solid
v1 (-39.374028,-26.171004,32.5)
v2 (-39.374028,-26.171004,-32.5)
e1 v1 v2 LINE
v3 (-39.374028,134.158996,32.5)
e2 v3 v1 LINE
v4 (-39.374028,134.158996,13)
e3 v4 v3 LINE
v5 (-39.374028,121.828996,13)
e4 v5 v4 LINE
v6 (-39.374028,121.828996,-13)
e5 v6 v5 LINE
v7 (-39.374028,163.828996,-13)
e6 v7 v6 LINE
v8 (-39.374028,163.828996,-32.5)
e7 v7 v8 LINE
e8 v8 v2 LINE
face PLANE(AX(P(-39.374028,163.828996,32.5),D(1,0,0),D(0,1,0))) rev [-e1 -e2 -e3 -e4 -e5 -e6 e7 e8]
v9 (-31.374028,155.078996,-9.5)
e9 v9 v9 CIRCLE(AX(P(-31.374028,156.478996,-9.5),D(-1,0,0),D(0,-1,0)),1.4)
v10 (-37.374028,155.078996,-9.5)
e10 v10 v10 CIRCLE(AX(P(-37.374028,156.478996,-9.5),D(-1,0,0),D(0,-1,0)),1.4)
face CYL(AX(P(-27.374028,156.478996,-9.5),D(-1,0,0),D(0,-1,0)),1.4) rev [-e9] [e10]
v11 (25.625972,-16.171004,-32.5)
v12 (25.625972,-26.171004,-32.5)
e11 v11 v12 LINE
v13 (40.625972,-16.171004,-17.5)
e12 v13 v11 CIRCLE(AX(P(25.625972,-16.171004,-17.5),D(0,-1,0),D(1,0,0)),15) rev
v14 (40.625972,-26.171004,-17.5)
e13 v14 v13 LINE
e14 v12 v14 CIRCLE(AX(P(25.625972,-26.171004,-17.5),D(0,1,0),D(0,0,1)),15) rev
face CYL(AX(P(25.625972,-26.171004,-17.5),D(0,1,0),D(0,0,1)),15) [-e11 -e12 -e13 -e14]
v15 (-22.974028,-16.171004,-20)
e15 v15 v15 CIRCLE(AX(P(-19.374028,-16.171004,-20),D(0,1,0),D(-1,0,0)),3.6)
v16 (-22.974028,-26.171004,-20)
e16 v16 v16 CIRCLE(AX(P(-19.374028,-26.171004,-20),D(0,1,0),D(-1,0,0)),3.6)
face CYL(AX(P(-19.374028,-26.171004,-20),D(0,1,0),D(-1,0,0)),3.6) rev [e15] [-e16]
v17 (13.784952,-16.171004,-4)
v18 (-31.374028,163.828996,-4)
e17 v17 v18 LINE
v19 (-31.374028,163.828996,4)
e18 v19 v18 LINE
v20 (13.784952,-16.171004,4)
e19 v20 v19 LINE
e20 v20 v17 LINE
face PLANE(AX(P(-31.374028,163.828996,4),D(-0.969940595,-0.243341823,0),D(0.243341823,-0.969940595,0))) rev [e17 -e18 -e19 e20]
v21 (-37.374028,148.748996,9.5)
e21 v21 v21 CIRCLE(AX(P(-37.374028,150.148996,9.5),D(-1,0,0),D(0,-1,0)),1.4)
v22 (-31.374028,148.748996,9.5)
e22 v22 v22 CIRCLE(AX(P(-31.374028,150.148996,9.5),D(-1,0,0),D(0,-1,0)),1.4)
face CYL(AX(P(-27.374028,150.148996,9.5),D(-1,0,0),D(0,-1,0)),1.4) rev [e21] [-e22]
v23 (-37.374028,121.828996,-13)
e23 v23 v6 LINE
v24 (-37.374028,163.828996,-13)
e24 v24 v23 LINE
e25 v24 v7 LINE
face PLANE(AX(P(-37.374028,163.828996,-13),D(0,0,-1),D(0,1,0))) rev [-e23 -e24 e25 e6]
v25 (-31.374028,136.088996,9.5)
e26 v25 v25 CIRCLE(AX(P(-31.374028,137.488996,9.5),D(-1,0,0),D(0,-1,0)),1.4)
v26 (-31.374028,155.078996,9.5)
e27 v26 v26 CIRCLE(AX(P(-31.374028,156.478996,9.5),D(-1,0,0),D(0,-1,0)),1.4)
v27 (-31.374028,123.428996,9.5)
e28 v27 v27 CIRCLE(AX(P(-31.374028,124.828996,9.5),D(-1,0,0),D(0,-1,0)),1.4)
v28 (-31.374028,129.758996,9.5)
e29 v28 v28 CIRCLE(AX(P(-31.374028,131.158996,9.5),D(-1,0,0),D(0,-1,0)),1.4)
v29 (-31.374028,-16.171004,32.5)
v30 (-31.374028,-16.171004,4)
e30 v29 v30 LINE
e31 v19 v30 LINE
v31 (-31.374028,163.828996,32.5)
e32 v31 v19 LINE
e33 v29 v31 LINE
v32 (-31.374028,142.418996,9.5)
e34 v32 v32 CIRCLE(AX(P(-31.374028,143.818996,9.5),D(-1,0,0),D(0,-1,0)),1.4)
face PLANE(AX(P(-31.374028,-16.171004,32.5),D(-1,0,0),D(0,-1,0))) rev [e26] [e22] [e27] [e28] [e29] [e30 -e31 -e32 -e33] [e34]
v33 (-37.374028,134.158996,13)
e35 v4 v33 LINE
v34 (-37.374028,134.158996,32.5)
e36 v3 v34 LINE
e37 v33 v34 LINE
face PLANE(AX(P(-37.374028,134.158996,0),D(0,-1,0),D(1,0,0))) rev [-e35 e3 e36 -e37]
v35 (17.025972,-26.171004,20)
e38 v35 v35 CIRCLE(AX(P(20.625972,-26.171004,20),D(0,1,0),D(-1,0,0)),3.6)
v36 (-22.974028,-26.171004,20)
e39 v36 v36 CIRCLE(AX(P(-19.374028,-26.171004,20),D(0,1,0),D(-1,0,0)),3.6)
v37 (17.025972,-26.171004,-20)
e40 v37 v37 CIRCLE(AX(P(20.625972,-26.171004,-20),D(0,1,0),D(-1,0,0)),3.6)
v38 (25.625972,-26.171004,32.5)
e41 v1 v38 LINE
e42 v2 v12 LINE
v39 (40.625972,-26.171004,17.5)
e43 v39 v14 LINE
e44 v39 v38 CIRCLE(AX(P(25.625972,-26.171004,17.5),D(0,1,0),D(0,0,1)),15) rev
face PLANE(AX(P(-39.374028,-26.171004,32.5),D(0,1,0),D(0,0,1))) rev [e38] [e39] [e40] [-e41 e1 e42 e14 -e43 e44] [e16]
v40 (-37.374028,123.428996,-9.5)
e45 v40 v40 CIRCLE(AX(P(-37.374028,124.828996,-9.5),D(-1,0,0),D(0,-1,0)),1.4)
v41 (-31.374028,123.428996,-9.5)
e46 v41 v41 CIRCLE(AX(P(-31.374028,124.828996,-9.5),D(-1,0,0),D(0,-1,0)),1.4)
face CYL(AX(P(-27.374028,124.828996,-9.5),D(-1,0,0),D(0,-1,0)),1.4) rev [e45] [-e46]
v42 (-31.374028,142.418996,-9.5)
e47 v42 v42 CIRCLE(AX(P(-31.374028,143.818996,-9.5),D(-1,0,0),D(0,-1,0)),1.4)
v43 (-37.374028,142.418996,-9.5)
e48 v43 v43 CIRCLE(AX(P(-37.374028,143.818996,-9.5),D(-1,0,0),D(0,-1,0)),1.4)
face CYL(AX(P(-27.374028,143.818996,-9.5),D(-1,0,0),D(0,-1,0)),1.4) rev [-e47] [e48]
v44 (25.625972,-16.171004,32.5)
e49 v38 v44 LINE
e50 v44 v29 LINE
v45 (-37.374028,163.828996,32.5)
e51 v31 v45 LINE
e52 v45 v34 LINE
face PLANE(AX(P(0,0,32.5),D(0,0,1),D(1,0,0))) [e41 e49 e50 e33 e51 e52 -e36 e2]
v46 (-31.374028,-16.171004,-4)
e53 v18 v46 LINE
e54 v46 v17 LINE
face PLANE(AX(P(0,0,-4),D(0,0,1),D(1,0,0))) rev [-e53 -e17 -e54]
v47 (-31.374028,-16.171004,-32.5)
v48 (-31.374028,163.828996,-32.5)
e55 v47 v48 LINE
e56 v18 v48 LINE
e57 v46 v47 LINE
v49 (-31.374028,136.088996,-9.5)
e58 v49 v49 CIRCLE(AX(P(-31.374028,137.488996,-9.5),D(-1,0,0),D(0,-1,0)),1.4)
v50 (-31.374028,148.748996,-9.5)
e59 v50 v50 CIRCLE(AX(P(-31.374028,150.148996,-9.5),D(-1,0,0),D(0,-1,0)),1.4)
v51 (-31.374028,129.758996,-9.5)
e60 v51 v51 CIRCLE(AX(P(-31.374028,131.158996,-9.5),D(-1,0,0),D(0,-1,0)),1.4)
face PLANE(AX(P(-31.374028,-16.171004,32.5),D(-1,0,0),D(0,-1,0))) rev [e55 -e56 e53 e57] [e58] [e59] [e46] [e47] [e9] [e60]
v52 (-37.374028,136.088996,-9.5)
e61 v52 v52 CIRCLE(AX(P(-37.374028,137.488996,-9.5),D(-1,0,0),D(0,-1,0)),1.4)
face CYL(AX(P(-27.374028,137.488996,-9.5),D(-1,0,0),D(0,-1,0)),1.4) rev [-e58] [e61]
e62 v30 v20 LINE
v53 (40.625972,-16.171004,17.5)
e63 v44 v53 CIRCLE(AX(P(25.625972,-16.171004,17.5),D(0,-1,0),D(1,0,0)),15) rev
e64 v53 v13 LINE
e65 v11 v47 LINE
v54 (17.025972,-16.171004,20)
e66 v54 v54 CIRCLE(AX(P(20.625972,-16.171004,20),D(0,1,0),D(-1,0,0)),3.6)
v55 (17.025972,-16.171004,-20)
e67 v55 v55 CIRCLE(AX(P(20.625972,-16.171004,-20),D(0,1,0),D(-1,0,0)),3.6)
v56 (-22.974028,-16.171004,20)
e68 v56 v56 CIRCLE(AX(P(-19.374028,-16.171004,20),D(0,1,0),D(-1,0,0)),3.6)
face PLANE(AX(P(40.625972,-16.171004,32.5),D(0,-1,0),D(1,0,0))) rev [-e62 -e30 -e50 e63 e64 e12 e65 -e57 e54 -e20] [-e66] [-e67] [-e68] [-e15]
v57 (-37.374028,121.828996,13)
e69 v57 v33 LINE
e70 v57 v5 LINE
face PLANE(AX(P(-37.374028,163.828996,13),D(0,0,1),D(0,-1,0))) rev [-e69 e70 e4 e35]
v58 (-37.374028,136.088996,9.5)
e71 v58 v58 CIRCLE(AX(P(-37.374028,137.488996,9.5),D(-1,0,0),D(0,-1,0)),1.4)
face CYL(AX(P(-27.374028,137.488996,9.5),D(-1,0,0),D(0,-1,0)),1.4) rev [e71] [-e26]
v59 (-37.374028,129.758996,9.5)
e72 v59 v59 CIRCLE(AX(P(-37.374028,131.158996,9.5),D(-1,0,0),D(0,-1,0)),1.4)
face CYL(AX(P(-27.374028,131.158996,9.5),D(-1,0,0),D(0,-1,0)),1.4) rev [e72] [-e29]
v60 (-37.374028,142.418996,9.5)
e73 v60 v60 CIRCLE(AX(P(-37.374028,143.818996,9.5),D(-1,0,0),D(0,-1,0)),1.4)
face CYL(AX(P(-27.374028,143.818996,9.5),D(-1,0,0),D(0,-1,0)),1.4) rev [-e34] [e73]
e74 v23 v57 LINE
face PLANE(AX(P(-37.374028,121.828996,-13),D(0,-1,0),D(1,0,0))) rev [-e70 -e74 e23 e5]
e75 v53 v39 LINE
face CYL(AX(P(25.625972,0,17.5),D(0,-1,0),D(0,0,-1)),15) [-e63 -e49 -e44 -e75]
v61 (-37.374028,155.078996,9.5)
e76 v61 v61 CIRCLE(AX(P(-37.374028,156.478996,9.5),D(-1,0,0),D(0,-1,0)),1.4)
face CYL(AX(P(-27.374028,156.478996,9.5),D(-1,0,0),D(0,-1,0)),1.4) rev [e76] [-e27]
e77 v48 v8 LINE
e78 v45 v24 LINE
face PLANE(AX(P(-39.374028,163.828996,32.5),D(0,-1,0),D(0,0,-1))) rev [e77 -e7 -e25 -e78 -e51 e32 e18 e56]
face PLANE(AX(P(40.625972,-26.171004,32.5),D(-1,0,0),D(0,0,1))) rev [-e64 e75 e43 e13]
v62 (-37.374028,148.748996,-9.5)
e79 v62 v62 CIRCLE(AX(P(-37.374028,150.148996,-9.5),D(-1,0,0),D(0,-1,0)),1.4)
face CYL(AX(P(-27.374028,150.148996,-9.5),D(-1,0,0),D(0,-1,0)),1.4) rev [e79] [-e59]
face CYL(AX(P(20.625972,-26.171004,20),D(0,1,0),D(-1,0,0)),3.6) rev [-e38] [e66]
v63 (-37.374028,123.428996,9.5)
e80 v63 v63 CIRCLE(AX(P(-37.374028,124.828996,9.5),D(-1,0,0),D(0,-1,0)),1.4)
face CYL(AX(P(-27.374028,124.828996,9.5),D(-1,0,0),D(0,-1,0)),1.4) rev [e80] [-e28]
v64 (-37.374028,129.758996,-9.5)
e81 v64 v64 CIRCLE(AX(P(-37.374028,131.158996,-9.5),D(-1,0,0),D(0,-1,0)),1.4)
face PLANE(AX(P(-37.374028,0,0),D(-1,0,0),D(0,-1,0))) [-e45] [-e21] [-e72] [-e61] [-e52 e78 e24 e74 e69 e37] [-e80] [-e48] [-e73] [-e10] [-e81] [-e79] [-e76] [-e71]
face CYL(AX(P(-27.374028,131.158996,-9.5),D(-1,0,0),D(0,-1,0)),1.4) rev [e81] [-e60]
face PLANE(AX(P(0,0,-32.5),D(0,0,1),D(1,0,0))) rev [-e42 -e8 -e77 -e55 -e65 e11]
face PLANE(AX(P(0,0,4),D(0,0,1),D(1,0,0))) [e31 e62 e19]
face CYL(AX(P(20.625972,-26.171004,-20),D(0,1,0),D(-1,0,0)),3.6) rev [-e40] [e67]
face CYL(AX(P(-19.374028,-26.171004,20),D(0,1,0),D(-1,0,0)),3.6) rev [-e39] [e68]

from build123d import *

# Parameters (mm, degrees)
AUFSATZ_LINEAR_AUSTRAGEN1_DEPTH = 32.5
AUFSATZ_LINEAR_AUSTRAGEN2_DEPTH = 4
SKIZZE4_W                       = 26
SKIZZE4_H                       = 42
SCHNITT_LINEAR_AUSTRAGEN1_DEPTH = 2
SKIZZE5_R                       = 1.4
SCHNITT_LINEAR_AUSTRAGEN2_DEPTH = 10
SKIZZE6_W                       = 34.028268395
SKIZZE6_H                       = 30
SCHNITT_LINEAR_AUSTRAGEN3_DEPTH = 2
SKIZZE7_R                       = 3.6
SCHNITT_LINEAR_AUSTRAGEN4_DEPTH = 10
VERRUNDUNG1_R                   = 15


with BuildPart() as part:
    # Skizze1 → Aufsatz-Linear austragen1 (new, symmetric)
    with BuildSketch(Plane.XY):
        Polygon((-39.374028295, 163.828996283), (-39.374028295, -26.171003717), (40.625971705, -26.171003717), (40.625971705, -16.171003717), (-31.374028295, -16.171003717), (-31.374028295, 163.828996283), align=None)
    extrude(amount=AUFSATZ_LINEAR_AUSTRAGEN1_DEPTH, both=True)

    # Skizze2 → Aufsatz-Linear austragen2 (add, symmetric)
    with BuildSketch(Plane.XY):
        Polygon((-31.374028295, 163.828996283), (13.784951867, -16.171003717), (-31.374028295, -16.171003717), align=None)
    extrude(amount=AUFSATZ_LINEAR_AUSTRAGEN2_DEPTH, both=True)

    # Skizze4 → Schnitt-Linear austragen1 (cut)
    with BuildSketch(Plane.ZY.offset(39.374028295)):
        with Locations((0, 142.828996283)):
            Rectangle(SKIZZE4_W, SKIZZE4_H)
    extrude(amount=-SCHNITT_LINEAR_AUSTRAGEN1_DEPTH, mode=Mode.SUBTRACT)

    # Skizze5 → Schnitt-Linear austragen2 (cut)
    with BuildSketch(Plane.ZY.offset(37.374028295)):
        with Locations(Location((-9.5, 124.828996283, 0), (0, 0, 270))):
            Circle(SKIZZE5_R)
        with Locations(Location((9.5, 124.828996283, 0), (0, 0, 270))):
            Circle(SKIZZE5_R)
        with Locations(Location((-9.5, 131.158996283, 0), (0, 0, 270))):
            Circle(SKIZZE5_R)
        with Locations(Location((9.5, 131.158996283, 0), (0, 0, 270))):
            Circle(SKIZZE5_R)
        with Locations(Location((-9.5, 137.488996283, 0), (0, 0, 270))):
            Circle(SKIZZE5_R)
        with Locations(Location((9.5, 137.488996283, 0), (0, 0, 270))):
            Circle(SKIZZE5_R)
        with Locations(Location((-9.5, 143.818996283, 0), (0, 0, 270))):
            Circle(SKIZZE5_R)
        with Locations(Location((9.5, 143.818996283, 0), (0, 0, 270))):
            Circle(SKIZZE5_R)
        with Locations(Location((-9.5, 150.148996283, 0), (0, 0, 270))):
            Circle(SKIZZE5_R)
        with Locations(Location((9.5, 150.148996283, 0), (0, 0, 270))):
            Circle(SKIZZE5_R)
        with Locations(Location((-9.5, 156.478996283, 0), (0, 0, 270))):
            Circle(SKIZZE5_R)
        with Locations(Location((9.5, 156.478996283, 0), (0, 0, 270))):
            Circle(SKIZZE5_R)
    extrude(amount=-SCHNITT_LINEAR_AUSTRAGEN2_DEPTH, mode=Mode.SUBTRACT)

    # Skizze6 → Schnitt-Linear austragen3 (cut)
    with BuildSketch(Plane.ZY.offset(39.374028295)):
        with Locations((17.014134198, 149.158996283)):
            Rectangle(SKIZZE6_W, SKIZZE6_H)
    extrude(amount=-SCHNITT_LINEAR_AUSTRAGEN3_DEPTH, mode=Mode.SUBTRACT)

    # Skizze7 → Schnitt-Linear austragen4 (cut)
    with BuildSketch(Plane(origin=(0, -16.171003717, 0), x_dir=(1, 0, 0), z_dir=(0, 1, 0))):
        with Locations(Location((20.625971705, 20, 0), (0, 0, 180))):
            Circle(SKIZZE7_R)
        with Locations(Location((20.625971705, -20, 0), (0, 0, 180))):
            Circle(SKIZZE7_R)
        with Locations(Location((-19.374028295, 20, 0), (0, 0, 180))):
            Circle(SKIZZE7_R)
        with Locations(Location((-19.374028295, -20, 0), (0, 0, 180))):
            Circle(SKIZZE7_R)
    extrude(amount=-SCHNITT_LINEAR_AUSTRAGEN4_DEPTH, mode=Mode.SUBTRACT)

    # Verrundung1
    verrundung1_edges = [part.edges().sort_by_distance(p)[0] for p in [
        (40.625971705, -21.171003717, 32.5),
        (40.625971705, -21.171003717, -32.5),
    ]]
    fillet(verrundung1_edges, radius=VERRUNDUNG1_R)


solid = part.part
